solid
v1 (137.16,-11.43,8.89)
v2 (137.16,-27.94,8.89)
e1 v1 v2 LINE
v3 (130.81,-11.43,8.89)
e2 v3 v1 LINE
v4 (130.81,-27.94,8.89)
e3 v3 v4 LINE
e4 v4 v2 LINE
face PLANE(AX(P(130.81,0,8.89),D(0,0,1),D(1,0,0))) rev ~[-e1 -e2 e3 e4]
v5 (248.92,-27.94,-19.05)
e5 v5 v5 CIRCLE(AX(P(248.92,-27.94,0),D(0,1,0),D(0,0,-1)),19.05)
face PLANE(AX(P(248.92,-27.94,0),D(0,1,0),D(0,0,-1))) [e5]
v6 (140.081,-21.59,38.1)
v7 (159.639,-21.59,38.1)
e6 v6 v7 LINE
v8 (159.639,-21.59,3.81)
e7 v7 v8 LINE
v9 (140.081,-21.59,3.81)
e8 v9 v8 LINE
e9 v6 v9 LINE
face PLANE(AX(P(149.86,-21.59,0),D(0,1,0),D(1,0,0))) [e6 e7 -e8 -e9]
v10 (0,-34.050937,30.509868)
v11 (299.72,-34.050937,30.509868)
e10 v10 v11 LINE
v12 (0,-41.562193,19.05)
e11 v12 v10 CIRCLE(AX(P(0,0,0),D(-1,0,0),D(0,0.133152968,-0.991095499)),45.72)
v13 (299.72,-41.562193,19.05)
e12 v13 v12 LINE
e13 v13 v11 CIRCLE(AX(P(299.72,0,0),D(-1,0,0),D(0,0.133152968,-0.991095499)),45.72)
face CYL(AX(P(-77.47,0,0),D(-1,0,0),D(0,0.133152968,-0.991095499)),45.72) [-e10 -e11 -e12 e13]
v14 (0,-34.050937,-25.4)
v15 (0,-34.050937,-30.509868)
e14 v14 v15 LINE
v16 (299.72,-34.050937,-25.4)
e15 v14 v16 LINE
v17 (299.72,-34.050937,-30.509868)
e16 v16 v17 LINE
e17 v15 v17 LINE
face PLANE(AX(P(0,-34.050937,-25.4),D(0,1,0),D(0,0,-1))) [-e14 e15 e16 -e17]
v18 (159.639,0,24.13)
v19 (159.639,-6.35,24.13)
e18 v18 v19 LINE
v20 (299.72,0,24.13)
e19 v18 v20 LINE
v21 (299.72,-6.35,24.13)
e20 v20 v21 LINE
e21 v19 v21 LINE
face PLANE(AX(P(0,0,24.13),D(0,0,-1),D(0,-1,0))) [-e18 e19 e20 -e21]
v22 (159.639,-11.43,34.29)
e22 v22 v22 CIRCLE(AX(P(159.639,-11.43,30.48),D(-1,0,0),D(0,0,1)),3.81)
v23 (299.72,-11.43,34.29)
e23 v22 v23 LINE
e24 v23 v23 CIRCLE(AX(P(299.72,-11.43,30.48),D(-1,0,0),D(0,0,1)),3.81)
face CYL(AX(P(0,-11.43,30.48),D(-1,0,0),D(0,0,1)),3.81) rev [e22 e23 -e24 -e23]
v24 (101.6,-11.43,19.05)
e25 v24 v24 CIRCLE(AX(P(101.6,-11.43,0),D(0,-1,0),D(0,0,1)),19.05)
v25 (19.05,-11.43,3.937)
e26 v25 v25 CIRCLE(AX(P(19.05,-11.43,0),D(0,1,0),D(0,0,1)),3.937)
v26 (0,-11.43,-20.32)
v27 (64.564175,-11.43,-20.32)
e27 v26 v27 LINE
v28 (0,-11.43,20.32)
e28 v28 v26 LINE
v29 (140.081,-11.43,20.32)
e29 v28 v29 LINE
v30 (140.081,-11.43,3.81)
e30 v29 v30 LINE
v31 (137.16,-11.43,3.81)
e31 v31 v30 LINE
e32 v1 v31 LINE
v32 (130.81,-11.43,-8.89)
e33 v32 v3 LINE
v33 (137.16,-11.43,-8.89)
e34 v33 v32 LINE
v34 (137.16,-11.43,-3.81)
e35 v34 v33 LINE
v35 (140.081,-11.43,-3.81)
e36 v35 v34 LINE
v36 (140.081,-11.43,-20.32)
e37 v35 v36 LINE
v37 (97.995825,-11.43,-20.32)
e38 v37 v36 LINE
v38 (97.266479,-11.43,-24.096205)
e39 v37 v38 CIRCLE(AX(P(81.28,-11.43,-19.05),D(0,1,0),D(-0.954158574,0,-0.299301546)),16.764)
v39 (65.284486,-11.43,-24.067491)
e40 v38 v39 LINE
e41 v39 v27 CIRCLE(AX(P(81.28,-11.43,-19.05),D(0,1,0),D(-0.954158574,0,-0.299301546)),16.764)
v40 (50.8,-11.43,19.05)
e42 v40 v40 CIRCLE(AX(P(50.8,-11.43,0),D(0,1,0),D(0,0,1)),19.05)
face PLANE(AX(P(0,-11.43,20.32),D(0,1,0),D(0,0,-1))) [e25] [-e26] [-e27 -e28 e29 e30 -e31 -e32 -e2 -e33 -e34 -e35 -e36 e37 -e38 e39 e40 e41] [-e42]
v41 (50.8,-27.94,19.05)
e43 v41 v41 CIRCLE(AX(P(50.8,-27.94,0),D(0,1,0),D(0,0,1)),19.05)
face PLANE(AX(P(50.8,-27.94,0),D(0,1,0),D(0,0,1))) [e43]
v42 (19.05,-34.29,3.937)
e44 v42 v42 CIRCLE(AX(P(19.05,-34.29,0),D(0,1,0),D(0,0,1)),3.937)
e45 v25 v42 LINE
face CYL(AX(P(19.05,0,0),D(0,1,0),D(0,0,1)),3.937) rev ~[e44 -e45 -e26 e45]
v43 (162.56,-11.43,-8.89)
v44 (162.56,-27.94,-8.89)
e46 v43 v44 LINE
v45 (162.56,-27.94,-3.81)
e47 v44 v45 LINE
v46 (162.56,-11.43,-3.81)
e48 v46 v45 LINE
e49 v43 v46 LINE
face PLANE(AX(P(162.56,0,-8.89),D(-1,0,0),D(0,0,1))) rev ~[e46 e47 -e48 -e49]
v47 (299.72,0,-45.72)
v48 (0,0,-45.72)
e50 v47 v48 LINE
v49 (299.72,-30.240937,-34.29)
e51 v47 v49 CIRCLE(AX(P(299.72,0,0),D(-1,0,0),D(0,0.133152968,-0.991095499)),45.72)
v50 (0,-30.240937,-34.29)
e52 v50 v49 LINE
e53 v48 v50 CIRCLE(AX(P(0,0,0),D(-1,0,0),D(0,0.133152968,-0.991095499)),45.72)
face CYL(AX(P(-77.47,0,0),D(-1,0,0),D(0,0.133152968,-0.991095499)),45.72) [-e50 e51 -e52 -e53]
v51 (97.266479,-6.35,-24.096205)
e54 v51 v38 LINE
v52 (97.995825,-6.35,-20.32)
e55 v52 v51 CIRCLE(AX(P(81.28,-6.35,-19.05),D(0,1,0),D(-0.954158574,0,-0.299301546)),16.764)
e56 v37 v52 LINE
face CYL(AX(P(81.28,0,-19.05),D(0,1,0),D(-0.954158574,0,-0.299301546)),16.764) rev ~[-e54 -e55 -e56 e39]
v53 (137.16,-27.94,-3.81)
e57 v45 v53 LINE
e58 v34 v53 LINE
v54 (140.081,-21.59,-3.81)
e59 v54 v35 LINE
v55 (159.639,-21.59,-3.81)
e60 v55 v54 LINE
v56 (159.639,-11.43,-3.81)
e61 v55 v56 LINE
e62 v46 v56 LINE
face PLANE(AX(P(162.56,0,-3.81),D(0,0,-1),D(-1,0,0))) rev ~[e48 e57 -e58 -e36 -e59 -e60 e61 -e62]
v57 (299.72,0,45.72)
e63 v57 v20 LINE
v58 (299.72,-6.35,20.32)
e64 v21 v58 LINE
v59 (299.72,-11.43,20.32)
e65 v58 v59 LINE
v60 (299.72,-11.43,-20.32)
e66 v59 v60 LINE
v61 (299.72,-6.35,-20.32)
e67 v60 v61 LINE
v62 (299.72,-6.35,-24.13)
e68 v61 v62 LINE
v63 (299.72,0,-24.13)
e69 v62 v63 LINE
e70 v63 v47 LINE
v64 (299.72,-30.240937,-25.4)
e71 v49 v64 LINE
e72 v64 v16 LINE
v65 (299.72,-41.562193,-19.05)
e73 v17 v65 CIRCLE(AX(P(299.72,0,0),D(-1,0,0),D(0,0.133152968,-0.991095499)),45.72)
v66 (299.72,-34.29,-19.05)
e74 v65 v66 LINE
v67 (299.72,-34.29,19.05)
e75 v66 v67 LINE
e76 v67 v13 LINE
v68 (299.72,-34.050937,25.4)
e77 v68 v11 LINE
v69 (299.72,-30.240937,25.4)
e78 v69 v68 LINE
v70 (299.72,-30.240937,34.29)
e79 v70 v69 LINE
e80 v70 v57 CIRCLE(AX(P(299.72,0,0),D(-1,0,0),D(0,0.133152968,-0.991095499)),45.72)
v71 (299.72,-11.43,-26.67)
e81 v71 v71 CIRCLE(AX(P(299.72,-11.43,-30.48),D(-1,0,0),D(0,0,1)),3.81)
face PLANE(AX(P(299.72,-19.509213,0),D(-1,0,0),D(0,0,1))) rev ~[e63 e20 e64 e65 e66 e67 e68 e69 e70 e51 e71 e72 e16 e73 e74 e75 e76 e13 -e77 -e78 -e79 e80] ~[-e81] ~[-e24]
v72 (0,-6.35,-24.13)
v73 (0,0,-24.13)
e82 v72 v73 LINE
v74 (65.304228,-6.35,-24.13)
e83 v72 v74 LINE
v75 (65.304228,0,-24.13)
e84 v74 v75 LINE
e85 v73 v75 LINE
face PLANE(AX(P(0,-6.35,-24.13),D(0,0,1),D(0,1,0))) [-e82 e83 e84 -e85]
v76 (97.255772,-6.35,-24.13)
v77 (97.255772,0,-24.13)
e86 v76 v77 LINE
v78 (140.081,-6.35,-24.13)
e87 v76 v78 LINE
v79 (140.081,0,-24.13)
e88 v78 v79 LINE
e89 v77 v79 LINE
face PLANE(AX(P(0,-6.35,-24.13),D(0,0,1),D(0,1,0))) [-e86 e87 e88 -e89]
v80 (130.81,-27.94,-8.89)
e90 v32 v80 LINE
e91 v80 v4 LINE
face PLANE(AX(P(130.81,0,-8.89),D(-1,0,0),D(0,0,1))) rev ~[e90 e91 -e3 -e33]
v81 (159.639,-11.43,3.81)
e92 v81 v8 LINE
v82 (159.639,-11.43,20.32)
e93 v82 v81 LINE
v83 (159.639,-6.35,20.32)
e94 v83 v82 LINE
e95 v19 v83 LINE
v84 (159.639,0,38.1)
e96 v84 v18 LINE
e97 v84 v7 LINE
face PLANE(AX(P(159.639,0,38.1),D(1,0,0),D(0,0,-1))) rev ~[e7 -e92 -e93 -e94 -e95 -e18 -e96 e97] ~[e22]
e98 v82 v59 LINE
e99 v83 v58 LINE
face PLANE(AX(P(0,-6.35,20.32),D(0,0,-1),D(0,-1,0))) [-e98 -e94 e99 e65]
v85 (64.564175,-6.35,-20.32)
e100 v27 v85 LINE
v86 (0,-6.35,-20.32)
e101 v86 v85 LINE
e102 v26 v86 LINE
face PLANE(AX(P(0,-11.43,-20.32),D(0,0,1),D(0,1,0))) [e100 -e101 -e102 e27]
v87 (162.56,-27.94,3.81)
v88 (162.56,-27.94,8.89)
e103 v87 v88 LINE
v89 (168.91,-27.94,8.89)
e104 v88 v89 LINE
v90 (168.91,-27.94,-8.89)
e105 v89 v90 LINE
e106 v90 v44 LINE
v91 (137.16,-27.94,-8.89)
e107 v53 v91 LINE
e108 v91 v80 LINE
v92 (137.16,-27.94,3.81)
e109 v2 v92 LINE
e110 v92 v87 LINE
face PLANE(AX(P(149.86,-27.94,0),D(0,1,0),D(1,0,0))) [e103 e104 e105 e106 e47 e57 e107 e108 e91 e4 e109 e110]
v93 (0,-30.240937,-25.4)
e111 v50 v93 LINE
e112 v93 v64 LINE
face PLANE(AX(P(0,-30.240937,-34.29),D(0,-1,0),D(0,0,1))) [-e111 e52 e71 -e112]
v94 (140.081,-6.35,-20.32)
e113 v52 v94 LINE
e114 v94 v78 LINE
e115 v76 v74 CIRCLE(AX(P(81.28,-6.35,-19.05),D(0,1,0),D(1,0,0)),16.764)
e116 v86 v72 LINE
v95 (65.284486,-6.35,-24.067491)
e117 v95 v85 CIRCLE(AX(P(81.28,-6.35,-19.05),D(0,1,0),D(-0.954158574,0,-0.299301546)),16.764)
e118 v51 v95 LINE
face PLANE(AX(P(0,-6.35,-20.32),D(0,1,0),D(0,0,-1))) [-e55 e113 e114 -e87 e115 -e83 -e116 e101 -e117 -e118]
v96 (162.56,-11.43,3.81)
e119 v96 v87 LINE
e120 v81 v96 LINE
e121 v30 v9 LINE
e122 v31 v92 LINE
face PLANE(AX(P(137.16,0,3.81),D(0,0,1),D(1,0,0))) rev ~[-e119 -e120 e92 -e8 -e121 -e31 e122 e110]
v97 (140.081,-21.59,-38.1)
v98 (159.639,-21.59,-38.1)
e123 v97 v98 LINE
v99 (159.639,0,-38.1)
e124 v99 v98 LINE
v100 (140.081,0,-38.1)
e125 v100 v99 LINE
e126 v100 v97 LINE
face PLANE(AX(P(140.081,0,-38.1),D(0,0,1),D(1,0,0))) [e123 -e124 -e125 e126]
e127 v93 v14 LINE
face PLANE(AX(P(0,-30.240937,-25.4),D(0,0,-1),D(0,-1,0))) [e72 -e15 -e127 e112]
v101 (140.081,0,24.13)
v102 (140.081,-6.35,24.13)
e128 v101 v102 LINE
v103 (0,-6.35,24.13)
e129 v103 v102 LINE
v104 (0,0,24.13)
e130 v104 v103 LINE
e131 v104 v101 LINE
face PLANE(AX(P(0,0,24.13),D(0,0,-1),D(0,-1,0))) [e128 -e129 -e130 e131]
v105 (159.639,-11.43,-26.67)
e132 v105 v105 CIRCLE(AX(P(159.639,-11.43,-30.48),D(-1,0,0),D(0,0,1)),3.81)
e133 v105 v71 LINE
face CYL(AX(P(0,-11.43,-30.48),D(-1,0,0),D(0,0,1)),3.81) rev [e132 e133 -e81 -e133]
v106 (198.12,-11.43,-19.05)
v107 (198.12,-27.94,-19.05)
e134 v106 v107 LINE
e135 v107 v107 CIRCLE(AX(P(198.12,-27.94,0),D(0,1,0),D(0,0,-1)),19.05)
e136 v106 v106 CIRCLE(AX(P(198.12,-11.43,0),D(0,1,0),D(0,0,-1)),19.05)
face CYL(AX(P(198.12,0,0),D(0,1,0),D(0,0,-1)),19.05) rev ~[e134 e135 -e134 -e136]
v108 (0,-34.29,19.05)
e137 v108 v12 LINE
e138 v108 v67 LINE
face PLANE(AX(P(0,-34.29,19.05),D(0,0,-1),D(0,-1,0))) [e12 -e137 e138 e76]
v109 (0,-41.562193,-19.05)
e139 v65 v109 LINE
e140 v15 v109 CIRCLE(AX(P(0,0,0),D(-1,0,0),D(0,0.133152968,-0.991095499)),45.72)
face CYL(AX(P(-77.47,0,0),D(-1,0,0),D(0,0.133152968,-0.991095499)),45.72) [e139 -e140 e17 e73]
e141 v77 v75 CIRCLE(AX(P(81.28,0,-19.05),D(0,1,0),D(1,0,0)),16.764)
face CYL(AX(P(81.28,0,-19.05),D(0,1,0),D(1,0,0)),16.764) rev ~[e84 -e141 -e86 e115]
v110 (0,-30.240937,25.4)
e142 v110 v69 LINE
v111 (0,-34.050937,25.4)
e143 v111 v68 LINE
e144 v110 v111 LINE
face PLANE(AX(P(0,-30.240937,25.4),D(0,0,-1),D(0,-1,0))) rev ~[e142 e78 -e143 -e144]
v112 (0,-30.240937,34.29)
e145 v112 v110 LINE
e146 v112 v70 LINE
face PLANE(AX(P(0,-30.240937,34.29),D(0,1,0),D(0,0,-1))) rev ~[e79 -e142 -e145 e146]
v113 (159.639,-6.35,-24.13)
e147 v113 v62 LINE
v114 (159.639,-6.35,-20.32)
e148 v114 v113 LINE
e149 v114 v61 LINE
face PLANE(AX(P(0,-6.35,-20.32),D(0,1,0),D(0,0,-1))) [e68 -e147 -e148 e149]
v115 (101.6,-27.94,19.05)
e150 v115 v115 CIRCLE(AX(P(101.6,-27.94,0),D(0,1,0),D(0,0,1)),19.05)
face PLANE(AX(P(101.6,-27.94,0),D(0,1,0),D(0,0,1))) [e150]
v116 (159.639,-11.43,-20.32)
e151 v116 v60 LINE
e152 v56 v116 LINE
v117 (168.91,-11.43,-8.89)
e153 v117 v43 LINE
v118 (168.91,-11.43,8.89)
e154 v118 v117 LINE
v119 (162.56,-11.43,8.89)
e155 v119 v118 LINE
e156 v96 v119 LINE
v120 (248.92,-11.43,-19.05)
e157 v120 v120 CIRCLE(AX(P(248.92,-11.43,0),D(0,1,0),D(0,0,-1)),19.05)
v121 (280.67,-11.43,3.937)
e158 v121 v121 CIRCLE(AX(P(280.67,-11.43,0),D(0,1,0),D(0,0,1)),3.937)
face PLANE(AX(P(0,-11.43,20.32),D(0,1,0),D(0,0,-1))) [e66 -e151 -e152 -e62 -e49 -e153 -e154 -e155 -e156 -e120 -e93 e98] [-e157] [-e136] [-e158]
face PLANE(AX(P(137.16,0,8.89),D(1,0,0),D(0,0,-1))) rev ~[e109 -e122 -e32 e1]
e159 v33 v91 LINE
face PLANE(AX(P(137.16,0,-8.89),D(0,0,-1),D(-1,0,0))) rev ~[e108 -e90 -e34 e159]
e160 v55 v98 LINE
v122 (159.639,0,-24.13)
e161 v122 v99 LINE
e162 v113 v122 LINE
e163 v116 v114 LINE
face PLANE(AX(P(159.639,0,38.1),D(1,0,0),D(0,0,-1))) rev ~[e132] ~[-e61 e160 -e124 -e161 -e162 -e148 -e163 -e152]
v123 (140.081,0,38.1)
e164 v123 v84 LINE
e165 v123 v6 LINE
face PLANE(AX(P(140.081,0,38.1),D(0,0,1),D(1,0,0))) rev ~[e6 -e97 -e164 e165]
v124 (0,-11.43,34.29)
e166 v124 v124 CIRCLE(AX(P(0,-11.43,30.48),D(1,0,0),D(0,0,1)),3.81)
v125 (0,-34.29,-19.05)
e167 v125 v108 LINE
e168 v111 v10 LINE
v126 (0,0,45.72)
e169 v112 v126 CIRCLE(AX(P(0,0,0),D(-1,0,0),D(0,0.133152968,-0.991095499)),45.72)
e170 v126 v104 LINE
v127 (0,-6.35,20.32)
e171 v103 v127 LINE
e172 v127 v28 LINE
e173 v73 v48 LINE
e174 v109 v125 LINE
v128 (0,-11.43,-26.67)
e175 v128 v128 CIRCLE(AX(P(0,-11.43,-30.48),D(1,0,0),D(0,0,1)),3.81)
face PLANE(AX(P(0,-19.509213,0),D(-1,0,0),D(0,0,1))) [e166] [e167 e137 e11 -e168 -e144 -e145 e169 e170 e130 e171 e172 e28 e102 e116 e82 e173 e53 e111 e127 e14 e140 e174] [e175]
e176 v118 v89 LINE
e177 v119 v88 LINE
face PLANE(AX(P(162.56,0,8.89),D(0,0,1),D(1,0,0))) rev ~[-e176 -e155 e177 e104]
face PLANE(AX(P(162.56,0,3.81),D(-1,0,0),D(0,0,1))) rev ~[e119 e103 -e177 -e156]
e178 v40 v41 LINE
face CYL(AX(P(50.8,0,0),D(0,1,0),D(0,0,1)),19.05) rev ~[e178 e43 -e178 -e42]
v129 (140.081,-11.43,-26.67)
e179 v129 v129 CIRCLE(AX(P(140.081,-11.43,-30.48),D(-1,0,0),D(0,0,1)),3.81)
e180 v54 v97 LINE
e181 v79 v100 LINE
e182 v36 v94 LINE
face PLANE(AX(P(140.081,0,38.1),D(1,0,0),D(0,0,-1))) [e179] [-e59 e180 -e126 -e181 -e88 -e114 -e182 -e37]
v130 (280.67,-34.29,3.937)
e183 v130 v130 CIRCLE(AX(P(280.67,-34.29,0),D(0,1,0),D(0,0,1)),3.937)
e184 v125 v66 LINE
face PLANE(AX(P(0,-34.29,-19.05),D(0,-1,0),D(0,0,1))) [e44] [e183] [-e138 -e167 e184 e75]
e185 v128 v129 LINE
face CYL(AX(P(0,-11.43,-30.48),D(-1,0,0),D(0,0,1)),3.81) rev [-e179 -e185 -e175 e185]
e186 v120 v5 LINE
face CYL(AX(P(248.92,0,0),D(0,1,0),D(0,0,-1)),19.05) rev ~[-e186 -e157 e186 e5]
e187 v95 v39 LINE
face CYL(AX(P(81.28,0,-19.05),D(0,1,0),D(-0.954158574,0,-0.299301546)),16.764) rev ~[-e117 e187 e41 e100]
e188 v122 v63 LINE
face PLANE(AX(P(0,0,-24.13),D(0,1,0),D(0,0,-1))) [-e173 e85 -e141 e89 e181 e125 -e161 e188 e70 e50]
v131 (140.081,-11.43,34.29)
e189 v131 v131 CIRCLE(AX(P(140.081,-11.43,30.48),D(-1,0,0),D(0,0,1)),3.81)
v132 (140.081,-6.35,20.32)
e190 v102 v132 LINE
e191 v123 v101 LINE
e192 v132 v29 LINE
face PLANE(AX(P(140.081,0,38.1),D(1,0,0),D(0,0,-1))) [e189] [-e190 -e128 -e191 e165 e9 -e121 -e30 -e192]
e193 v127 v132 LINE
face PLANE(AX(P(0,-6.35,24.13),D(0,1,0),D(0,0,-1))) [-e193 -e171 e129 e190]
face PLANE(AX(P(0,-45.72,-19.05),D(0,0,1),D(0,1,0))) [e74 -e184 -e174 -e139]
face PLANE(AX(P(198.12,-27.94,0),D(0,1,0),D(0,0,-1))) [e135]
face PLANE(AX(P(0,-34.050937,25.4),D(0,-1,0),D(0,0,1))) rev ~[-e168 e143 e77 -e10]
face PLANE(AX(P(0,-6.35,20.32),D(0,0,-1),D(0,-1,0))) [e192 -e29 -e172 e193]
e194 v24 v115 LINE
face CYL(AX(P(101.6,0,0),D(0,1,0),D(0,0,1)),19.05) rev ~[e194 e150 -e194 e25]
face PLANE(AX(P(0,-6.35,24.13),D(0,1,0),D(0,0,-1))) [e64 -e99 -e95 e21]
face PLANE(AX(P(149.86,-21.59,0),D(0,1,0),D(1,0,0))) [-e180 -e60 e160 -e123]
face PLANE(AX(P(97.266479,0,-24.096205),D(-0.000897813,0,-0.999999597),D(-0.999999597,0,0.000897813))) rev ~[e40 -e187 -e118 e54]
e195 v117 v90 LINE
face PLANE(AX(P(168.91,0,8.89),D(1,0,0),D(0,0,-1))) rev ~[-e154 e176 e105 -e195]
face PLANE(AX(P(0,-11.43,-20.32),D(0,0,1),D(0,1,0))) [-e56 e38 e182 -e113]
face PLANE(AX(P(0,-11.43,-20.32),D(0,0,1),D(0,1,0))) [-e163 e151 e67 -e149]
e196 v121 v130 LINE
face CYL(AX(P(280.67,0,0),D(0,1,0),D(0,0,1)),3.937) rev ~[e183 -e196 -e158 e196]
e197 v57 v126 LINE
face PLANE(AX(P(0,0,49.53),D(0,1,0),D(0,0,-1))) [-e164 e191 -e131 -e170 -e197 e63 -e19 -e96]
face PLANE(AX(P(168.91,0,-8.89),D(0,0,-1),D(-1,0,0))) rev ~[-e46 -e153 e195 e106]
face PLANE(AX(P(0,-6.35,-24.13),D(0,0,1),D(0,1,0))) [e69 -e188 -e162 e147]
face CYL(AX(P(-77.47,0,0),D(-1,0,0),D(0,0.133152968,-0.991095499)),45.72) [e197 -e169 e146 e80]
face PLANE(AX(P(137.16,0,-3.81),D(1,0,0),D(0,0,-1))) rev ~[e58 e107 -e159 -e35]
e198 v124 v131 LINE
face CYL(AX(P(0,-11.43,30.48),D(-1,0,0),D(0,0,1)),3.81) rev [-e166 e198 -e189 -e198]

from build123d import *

# Parameters (mm, degrees)
SLED_DEPTH                       = 299.72
SKETCH12_R                       = 19.05
SPRING_INSERTS_DEPTH             = 27.94
SKETCH4_R                        = 3.81
THREADED_ROD_SLOTS_DEPTH         = 304.8
SKETCH13_W                       = 19.558
SKETCH13_H                       = 76.2
SPRING_PLATE_SLOT_DEPTH          = 21.59
MOD_TO_FIT_IN_COUPLER_DEPTH      = 320.04
MOD_TO_FIT_IN_COUPLER_DEPTH_BACK = 77.47
SKETCH17_R                       = 3.937
CAN_CORD_HOLES_DEPTH             = 62.992
INSERTION_GUIDE_RAILS_DEPTH      = 314.452
LOCKING_PIN_DEPTH                = 27.94
SKETCH20_R                       = 16.764
CUT_EXTRUDE1_DEPTH               = 6.35
CUT_EXTRUDE2_DEPTH               = 11.43


with BuildPart() as part:
    # Sketch3 → Sled (new body)
    with BuildSketch(Plane(origin=(0, 0, 0), x_dir=(0, 0, -1), z_dir=(1, 0, 0))):
        with BuildLine():
            Line((-49.53, 0), (-24.13, 0))
            Line((-24.13, 0), (-24.13, -6.35))
            Line((-24.13, -6.35), (-20.32, -6.35))
            Line((-20.32, -6.35), (-20.32, -11.43))
            Line((-20.32, -11.43), (20.32, -11.43))
            Line((20.32, -11.43), (20.32, -6.35))
            Line((20.32, -6.35), (24.13, -6.35))
            Line((24.13, -6.35), (24.13, 0))
            Line((24.13, 0), (49.53, 0))
            ThreePointArc((49.53, 0), (41.211451079, -27.474300719), (19.05, -45.72))
            Line((19.05, -45.72), (19.05, -34.29))
            Line((19.05, -34.29), (-19.05, -34.29))
            Line((-19.05, -34.29), (-19.05, -45.72))
            ThreePointArc((-19.05, -45.72), (-41.211451079, -27.474300719), (-49.53, 0))
        make_face()
    extrude(amount=SLED_DEPTH)

    # Sketch12 → Spring Inserts (cut)
    with BuildSketch(Plane(origin=(0, 0, 0), x_dir=(1, 0, 0), z_dir=(0, 1, 0))):
        with Locations(Location((50.8, 0, 0), (0, 0, 270))):
            Circle(SKETCH12_R)
        with Locations(Location((248.92, 0, 0), (0, 0, 90))):
            Circle(SKETCH12_R)
        with Locations(Location((101.6, 0, 0), (0, 0, 270))):
            Circle(SKETCH12_R)
        with Locations(Location((198.12, 0, 0), (0, 0, 90))):
            Circle(SKETCH12_R)
    extrude(amount=-SPRING_INSERTS_DEPTH, mode=Mode.SUBTRACT)

    # Sketch4 → Threaded Rod Slots (cut)
    with BuildSketch(Plane(origin=(0, 0, 0), x_dir=(0, 0, -1), z_dir=(1, 0, 0))):
        with Locations(Location((-30.48, -11.43, 0), (0, 0, 180))):
            Circle(SKETCH4_R)
        with Locations(Location((30.48, -11.43, 0), (0, 0, 180))):
            Circle(SKETCH4_R)
    extrude(amount=THREADED_ROD_SLOTS_DEPTH, mode=Mode.SUBTRACT)

    # Sketch13 → Spring Plate Slot (cut)
    with BuildSketch(Plane(origin=(0, 0, 0), x_dir=(1, 0, 0), z_dir=(0, 1, 0))):
        with Locations((149.86, 0)):
            Rectangle(SKETCH13_W, SKETCH13_H)
    extrude(amount=-SPRING_PLATE_SLOT_DEPTH, mode=Mode.SUBTRACT)

    # Sketch16 → Mod to fit in coupler (cut, two sides: drawn at the far end of the back side and taken through both)
    with BuildSketch(Plane(origin=(0, 0, 0), x_dir=(0, 0, -1), z_dir=(1, 0, 0)).offset(-MOD_TO_FIT_IN_COUPLER_DEPTH_BACK)):
        with BuildLine():
            Line((-45.397424247, 5.421463987), (-55.982128016, 1.685686186))
            Line((-55.982128016, 1.685686186), (-46.435140302, -53.451626912))
            Line((-46.435140302, -53.451626912), (-2.643522748, -59.401198965))
            Line((-2.643522748, -59.401198965), (46.059950804, -46.118433451))
            Line((46.059950804, -46.118433451), (57.336465277, 3.138488664))
            Line((57.336465277, 3.138488664), (45.312886192, 6.087753686))
            ThreePointArc((45.312886192, 6.087753686), (0.335815666, -45.718766692), (-45.397424247, 5.421463987))
        make_face()
    extrude(amount=MOD_TO_FIT_IN_COUPLER_DEPTH + MOD_TO_FIT_IN_COUPLER_DEPTH_BACK, mode=Mode.SUBTRACT)

    # Sketch17 → Can Cord Holes (cut)
    with BuildSketch(Plane(origin=(0, 0, 0), x_dir=(1, 0, 0), z_dir=(0, 1, 0))):
        with Locations(Location((280.67, 0, 0), (0, 0, 270))):
            Circle(SKETCH17_R)
        with Locations(Location((19.05, 0, 0), (0, 0, 270))):
            Circle(SKETCH17_R)
    extrude(amount=-CAN_CORD_HOLES_DEPTH, mode=Mode.SUBTRACT)

    # Sketch18 → Insertion Guide Rails (cut)
    with BuildSketch(Plane(origin=(0, 0, 0), x_dir=(0, 0, -1), z_dir=(1, 0, 0))):
        Polygon((-34.29, -30.240937485), (-25.4, -30.240937485), (-25.4, -34.050937485), (-30.50986818, -34.050937485), (-38.766826884, -32.646576067), align=None)
        Polygon((25.4, -34.050937485), (30.50986818, -34.050937485), (38.766826884, -32.646576067), (34.29, -30.240937485), (25.4, -30.240937485), align=None)
    extrude(amount=INSERTION_GUIDE_RAILS_DEPTH, mode=Mode.SUBTRACT)

    # Sketch19 → Locking Pin (cut)
    with BuildSketch(Plane(origin=(0, 0, 0), x_dir=(1, 0, 0), z_dir=(0, 1, 0))):
        Polygon((162.56, 3.81), (137.16, 3.81), (137.16, 8.89), (130.81, 8.89), (130.81, -8.89), (137.16, -8.89), (137.16, -3.81), (162.56, -3.81), (162.56, -8.89), (168.91, -8.89), (168.91, 8.89), (162.56, 8.89), align=None)
    extrude(amount=-LOCKING_PIN_DEPTH, mode=Mode.SUBTRACT)

    # Sketch20 → Cut-Extrude1 (cut)
    with BuildSketch(Plane(origin=(0, 0, 0), x_dir=(1, 0, 0), z_dir=(0, 1, 0))):
        with Locations((81.28, 19.05)):
            Circle(SKETCH20_R)
    extrude(amount=-CUT_EXTRUDE1_DEPTH, mode=Mode.SUBTRACT)

    # Sketch21 → Cut-Extrude2 (cut)
    with BuildSketch(Plane(origin=(0, 0, 0), x_dir=(1, 0, 0), z_dir=(0, 1, 0))):
        with BuildLine():
            Line((97.266479016, 24.096204976), (65.284485664, 24.067491117))
            ThreePointArc((65.284485664, 24.067491117), (81.295050936, 2.286006756), (97.266479016, 24.096204976))
        make_face()
    extrude(amount=-CUT_EXTRUDE2_DEPTH, mode=Mode.SUBTRACT)


solid = part.part
